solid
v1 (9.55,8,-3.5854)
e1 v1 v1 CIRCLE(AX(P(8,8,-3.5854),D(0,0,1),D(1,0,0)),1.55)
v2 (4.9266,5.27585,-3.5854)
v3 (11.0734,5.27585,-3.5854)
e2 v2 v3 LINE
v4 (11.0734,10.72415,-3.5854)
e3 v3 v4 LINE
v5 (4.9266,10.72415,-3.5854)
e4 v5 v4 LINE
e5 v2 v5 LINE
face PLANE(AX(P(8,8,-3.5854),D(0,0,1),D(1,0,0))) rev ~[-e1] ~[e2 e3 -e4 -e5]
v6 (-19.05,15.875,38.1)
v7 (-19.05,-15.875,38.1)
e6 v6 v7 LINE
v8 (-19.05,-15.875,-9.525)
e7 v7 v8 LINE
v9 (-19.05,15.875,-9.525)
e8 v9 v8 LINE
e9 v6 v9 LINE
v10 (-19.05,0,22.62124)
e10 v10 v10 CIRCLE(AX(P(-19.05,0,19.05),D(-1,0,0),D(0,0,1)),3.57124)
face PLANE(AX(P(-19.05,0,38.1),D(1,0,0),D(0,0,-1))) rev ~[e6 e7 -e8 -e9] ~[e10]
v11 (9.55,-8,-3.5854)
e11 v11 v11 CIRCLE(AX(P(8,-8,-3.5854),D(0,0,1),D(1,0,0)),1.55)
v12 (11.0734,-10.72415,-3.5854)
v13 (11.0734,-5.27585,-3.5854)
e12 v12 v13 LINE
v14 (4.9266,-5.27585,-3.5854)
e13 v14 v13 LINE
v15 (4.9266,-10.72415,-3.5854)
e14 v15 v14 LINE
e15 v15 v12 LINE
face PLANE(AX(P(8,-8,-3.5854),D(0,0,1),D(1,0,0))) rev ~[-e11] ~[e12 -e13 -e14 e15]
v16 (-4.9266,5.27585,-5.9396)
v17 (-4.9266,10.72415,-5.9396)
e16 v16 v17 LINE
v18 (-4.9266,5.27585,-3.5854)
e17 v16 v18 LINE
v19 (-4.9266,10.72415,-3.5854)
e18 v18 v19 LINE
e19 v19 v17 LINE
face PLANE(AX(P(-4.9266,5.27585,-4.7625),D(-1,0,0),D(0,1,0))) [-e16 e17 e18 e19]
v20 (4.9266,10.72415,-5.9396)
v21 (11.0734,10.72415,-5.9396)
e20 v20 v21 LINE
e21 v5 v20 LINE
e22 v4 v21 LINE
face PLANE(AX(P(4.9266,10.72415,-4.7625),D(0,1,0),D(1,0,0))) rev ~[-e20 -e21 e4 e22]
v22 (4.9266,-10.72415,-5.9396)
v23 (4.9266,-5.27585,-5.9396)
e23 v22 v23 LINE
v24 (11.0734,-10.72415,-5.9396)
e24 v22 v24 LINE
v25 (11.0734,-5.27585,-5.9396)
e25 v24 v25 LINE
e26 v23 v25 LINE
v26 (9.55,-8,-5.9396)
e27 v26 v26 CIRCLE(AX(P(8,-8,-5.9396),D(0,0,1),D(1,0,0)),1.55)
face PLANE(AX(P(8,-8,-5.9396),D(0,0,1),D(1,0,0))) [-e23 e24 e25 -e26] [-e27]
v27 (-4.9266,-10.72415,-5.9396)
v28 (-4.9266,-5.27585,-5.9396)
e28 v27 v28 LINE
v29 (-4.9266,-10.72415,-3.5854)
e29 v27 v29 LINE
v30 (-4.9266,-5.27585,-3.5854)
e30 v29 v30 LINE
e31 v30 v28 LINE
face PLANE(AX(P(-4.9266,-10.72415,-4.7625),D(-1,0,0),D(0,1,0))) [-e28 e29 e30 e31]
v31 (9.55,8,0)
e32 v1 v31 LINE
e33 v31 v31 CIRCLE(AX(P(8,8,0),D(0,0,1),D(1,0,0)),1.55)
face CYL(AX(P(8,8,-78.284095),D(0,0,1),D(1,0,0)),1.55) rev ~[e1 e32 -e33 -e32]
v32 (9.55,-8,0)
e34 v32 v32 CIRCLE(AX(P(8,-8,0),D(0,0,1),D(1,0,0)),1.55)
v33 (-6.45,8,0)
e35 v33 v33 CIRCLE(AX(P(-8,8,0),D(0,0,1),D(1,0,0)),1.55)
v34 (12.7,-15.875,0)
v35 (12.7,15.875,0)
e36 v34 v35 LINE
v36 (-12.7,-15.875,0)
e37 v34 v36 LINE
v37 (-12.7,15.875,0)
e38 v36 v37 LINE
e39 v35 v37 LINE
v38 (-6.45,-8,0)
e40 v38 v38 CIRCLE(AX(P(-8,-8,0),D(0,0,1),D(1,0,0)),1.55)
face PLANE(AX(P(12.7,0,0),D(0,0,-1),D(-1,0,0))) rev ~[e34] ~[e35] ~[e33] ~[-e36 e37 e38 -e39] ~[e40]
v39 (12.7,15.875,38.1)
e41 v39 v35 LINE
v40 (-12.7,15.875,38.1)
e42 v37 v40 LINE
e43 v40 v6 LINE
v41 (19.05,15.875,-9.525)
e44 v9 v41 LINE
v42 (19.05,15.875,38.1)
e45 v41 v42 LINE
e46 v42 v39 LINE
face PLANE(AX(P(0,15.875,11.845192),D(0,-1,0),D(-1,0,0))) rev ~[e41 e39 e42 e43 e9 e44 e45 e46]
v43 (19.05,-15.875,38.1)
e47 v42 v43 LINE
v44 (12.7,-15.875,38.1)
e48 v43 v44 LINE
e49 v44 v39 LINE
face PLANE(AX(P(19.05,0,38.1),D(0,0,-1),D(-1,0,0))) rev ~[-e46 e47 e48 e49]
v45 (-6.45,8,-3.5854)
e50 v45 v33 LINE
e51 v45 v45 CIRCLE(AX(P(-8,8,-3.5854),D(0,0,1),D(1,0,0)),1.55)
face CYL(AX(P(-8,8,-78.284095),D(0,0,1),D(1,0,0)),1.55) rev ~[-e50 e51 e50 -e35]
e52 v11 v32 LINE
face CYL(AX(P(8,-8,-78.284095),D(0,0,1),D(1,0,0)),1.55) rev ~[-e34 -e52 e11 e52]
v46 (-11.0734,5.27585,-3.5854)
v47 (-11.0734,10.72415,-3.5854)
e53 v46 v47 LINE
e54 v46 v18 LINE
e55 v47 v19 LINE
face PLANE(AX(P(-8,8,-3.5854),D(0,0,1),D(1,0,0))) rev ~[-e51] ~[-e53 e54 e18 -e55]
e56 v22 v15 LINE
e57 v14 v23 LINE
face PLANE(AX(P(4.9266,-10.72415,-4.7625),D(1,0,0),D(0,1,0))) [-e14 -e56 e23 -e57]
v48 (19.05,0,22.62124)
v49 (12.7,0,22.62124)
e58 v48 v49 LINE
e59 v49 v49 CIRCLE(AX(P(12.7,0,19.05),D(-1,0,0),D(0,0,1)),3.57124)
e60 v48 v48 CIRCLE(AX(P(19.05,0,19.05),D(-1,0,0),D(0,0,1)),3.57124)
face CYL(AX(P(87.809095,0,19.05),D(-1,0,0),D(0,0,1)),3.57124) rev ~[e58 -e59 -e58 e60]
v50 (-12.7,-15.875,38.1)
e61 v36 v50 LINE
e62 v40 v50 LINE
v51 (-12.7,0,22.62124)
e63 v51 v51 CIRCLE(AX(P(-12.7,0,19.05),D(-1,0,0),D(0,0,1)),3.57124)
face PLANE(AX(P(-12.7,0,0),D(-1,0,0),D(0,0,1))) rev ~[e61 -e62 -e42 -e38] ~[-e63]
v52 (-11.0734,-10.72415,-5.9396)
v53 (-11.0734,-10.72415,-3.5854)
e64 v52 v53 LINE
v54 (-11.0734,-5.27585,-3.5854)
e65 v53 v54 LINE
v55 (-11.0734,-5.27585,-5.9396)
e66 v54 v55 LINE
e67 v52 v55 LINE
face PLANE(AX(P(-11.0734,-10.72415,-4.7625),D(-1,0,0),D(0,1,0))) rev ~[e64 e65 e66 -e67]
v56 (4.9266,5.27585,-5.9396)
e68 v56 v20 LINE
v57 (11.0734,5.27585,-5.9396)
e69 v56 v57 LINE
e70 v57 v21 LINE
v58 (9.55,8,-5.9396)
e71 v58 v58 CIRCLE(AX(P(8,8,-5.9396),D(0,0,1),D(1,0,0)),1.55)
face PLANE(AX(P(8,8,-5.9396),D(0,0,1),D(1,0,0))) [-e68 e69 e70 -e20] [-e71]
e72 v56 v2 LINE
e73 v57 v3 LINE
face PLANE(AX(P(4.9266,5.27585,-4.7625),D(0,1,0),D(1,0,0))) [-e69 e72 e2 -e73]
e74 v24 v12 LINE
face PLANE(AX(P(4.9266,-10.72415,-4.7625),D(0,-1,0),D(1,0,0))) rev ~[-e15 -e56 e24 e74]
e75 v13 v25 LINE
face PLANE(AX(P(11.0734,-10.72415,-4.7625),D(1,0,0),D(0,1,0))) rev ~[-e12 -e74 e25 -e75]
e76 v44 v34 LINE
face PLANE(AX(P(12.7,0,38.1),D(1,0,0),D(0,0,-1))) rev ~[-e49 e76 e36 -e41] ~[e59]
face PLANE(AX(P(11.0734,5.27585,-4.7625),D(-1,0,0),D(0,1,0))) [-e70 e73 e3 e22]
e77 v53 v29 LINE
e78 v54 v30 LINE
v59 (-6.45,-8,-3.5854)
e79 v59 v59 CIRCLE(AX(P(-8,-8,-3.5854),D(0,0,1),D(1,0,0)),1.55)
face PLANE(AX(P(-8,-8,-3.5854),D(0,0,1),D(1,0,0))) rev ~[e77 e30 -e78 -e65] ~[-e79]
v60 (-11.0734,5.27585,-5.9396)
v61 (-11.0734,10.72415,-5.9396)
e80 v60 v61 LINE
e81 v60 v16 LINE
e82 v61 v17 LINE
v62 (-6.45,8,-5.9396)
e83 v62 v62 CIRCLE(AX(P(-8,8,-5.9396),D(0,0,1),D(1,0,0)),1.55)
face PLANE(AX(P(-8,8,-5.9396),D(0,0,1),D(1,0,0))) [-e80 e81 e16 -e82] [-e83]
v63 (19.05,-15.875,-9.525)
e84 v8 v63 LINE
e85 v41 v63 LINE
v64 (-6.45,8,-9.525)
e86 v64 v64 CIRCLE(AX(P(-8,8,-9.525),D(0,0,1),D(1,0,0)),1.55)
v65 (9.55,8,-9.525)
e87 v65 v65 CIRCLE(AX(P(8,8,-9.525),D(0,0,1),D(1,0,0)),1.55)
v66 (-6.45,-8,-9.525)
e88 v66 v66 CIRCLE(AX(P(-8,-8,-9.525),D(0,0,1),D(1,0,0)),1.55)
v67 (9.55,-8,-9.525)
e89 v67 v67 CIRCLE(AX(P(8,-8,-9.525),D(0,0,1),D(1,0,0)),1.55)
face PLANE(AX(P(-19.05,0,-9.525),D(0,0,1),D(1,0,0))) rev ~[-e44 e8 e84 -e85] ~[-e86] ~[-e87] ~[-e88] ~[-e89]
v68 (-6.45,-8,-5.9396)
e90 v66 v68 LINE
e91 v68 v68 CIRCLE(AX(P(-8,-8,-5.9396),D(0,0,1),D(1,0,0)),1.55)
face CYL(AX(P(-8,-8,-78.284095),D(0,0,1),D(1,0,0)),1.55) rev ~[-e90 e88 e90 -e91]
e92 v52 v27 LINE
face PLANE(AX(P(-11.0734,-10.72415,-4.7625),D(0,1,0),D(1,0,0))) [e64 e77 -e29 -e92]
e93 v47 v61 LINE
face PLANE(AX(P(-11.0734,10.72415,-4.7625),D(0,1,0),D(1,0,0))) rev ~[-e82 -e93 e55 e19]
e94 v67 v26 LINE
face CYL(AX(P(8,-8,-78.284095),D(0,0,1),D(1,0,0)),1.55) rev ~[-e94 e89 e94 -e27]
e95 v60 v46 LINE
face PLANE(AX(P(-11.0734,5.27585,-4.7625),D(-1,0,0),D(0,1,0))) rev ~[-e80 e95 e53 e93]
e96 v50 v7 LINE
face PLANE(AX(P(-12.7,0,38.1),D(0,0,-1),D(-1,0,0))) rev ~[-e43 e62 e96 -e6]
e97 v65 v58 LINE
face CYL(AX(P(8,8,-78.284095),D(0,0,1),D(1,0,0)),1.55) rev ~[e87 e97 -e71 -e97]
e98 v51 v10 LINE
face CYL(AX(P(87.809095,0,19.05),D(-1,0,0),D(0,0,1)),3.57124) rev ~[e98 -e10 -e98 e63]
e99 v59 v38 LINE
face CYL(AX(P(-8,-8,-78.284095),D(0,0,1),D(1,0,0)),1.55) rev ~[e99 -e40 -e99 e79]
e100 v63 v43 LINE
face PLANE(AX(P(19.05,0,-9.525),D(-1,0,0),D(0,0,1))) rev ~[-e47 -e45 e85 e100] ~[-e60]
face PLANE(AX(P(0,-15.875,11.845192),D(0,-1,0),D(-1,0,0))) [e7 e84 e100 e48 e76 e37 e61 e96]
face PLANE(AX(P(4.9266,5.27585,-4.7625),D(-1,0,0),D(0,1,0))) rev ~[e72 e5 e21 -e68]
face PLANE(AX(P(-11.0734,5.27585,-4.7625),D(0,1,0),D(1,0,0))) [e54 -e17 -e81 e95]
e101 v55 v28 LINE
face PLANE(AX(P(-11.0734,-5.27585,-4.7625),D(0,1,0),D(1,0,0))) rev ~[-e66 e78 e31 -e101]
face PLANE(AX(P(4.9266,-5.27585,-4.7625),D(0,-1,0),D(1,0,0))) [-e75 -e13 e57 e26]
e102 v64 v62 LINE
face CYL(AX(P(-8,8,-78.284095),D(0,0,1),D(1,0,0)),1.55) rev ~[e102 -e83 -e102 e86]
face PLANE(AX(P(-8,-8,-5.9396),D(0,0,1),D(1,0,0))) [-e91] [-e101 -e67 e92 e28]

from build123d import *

# Parameters (mm, degrees)
BOSS_EXTRUDE1_DEPTH     = 15.875
M2_5_CLEARANCE_HOLE1_D  = 3.1
F_1_4_CLEARANCE_HOLE1_D = 7.14248
SKETCH7_W               = 6.1468
SKETCH7_H               = 5.4483
CUT_EXTRUDE1_DEPTH      = 1.1771


with BuildPart() as part:
    # Sketch2 → Boss-Extrude1 (new body, symmetric)
    with BuildSketch(Plane(origin=(0, 0, 0), x_dir=(1, 0, 0), z_dir=(0, 1, 0))):
        Polygon((-12.7, 0), (-12.7, -38.1), (-19.05, -38.1), (-19.05, 9.525), (19.05, 9.525), (19.05, -38.1), (12.7, -38.1), (12.7, 0), align=None)
    extrude(amount=BOSS_EXTRUDE1_DEPTH, both=True)

    # M2.5 Clearance Hole1 (through all)
    with Locations(Plane(origin=(0, 0, -9.525), x_dir=(-1, 0, 0), z_dir=(0, 0, -1))):
        with Locations((8, 8), (-8, 8), (-8, -8), (8, -8)):
            Hole(M2_5_CLEARANCE_HOLE1_D / 2)

    # 1/4 Clearance Hole1 (through all)
    with Locations(Plane(origin=(19.05, 0, 0), x_dir=(0, 0, -1), z_dir=(1, 0, 0))):
        with Locations((-19.05, 0)):
            Hole(F_1_4_CLEARANCE_HOLE1_D / 2)

    # Sketch7 → Cut-Extrude1 (cut, symmetric)
    with BuildSketch(Plane.XY.offset(-4.7625)):
        with Locations((8, 8)):
            Rectangle(SKETCH7_W, SKETCH7_H)
        with Locations((-8, 8)):
            Rectangle(SKETCH7_W, SKETCH7_H)
        with Locations((-8, -8)):
            Rectangle(SKETCH7_W, SKETCH7_H)
        with Locations((8, -8)):
            Rectangle(SKETCH7_W, SKETCH7_H)
    extrude(amount=CUT_EXTRUDE1_DEPTH, both=True, mode=Mode.SUBTRACT)


solid = part.part
